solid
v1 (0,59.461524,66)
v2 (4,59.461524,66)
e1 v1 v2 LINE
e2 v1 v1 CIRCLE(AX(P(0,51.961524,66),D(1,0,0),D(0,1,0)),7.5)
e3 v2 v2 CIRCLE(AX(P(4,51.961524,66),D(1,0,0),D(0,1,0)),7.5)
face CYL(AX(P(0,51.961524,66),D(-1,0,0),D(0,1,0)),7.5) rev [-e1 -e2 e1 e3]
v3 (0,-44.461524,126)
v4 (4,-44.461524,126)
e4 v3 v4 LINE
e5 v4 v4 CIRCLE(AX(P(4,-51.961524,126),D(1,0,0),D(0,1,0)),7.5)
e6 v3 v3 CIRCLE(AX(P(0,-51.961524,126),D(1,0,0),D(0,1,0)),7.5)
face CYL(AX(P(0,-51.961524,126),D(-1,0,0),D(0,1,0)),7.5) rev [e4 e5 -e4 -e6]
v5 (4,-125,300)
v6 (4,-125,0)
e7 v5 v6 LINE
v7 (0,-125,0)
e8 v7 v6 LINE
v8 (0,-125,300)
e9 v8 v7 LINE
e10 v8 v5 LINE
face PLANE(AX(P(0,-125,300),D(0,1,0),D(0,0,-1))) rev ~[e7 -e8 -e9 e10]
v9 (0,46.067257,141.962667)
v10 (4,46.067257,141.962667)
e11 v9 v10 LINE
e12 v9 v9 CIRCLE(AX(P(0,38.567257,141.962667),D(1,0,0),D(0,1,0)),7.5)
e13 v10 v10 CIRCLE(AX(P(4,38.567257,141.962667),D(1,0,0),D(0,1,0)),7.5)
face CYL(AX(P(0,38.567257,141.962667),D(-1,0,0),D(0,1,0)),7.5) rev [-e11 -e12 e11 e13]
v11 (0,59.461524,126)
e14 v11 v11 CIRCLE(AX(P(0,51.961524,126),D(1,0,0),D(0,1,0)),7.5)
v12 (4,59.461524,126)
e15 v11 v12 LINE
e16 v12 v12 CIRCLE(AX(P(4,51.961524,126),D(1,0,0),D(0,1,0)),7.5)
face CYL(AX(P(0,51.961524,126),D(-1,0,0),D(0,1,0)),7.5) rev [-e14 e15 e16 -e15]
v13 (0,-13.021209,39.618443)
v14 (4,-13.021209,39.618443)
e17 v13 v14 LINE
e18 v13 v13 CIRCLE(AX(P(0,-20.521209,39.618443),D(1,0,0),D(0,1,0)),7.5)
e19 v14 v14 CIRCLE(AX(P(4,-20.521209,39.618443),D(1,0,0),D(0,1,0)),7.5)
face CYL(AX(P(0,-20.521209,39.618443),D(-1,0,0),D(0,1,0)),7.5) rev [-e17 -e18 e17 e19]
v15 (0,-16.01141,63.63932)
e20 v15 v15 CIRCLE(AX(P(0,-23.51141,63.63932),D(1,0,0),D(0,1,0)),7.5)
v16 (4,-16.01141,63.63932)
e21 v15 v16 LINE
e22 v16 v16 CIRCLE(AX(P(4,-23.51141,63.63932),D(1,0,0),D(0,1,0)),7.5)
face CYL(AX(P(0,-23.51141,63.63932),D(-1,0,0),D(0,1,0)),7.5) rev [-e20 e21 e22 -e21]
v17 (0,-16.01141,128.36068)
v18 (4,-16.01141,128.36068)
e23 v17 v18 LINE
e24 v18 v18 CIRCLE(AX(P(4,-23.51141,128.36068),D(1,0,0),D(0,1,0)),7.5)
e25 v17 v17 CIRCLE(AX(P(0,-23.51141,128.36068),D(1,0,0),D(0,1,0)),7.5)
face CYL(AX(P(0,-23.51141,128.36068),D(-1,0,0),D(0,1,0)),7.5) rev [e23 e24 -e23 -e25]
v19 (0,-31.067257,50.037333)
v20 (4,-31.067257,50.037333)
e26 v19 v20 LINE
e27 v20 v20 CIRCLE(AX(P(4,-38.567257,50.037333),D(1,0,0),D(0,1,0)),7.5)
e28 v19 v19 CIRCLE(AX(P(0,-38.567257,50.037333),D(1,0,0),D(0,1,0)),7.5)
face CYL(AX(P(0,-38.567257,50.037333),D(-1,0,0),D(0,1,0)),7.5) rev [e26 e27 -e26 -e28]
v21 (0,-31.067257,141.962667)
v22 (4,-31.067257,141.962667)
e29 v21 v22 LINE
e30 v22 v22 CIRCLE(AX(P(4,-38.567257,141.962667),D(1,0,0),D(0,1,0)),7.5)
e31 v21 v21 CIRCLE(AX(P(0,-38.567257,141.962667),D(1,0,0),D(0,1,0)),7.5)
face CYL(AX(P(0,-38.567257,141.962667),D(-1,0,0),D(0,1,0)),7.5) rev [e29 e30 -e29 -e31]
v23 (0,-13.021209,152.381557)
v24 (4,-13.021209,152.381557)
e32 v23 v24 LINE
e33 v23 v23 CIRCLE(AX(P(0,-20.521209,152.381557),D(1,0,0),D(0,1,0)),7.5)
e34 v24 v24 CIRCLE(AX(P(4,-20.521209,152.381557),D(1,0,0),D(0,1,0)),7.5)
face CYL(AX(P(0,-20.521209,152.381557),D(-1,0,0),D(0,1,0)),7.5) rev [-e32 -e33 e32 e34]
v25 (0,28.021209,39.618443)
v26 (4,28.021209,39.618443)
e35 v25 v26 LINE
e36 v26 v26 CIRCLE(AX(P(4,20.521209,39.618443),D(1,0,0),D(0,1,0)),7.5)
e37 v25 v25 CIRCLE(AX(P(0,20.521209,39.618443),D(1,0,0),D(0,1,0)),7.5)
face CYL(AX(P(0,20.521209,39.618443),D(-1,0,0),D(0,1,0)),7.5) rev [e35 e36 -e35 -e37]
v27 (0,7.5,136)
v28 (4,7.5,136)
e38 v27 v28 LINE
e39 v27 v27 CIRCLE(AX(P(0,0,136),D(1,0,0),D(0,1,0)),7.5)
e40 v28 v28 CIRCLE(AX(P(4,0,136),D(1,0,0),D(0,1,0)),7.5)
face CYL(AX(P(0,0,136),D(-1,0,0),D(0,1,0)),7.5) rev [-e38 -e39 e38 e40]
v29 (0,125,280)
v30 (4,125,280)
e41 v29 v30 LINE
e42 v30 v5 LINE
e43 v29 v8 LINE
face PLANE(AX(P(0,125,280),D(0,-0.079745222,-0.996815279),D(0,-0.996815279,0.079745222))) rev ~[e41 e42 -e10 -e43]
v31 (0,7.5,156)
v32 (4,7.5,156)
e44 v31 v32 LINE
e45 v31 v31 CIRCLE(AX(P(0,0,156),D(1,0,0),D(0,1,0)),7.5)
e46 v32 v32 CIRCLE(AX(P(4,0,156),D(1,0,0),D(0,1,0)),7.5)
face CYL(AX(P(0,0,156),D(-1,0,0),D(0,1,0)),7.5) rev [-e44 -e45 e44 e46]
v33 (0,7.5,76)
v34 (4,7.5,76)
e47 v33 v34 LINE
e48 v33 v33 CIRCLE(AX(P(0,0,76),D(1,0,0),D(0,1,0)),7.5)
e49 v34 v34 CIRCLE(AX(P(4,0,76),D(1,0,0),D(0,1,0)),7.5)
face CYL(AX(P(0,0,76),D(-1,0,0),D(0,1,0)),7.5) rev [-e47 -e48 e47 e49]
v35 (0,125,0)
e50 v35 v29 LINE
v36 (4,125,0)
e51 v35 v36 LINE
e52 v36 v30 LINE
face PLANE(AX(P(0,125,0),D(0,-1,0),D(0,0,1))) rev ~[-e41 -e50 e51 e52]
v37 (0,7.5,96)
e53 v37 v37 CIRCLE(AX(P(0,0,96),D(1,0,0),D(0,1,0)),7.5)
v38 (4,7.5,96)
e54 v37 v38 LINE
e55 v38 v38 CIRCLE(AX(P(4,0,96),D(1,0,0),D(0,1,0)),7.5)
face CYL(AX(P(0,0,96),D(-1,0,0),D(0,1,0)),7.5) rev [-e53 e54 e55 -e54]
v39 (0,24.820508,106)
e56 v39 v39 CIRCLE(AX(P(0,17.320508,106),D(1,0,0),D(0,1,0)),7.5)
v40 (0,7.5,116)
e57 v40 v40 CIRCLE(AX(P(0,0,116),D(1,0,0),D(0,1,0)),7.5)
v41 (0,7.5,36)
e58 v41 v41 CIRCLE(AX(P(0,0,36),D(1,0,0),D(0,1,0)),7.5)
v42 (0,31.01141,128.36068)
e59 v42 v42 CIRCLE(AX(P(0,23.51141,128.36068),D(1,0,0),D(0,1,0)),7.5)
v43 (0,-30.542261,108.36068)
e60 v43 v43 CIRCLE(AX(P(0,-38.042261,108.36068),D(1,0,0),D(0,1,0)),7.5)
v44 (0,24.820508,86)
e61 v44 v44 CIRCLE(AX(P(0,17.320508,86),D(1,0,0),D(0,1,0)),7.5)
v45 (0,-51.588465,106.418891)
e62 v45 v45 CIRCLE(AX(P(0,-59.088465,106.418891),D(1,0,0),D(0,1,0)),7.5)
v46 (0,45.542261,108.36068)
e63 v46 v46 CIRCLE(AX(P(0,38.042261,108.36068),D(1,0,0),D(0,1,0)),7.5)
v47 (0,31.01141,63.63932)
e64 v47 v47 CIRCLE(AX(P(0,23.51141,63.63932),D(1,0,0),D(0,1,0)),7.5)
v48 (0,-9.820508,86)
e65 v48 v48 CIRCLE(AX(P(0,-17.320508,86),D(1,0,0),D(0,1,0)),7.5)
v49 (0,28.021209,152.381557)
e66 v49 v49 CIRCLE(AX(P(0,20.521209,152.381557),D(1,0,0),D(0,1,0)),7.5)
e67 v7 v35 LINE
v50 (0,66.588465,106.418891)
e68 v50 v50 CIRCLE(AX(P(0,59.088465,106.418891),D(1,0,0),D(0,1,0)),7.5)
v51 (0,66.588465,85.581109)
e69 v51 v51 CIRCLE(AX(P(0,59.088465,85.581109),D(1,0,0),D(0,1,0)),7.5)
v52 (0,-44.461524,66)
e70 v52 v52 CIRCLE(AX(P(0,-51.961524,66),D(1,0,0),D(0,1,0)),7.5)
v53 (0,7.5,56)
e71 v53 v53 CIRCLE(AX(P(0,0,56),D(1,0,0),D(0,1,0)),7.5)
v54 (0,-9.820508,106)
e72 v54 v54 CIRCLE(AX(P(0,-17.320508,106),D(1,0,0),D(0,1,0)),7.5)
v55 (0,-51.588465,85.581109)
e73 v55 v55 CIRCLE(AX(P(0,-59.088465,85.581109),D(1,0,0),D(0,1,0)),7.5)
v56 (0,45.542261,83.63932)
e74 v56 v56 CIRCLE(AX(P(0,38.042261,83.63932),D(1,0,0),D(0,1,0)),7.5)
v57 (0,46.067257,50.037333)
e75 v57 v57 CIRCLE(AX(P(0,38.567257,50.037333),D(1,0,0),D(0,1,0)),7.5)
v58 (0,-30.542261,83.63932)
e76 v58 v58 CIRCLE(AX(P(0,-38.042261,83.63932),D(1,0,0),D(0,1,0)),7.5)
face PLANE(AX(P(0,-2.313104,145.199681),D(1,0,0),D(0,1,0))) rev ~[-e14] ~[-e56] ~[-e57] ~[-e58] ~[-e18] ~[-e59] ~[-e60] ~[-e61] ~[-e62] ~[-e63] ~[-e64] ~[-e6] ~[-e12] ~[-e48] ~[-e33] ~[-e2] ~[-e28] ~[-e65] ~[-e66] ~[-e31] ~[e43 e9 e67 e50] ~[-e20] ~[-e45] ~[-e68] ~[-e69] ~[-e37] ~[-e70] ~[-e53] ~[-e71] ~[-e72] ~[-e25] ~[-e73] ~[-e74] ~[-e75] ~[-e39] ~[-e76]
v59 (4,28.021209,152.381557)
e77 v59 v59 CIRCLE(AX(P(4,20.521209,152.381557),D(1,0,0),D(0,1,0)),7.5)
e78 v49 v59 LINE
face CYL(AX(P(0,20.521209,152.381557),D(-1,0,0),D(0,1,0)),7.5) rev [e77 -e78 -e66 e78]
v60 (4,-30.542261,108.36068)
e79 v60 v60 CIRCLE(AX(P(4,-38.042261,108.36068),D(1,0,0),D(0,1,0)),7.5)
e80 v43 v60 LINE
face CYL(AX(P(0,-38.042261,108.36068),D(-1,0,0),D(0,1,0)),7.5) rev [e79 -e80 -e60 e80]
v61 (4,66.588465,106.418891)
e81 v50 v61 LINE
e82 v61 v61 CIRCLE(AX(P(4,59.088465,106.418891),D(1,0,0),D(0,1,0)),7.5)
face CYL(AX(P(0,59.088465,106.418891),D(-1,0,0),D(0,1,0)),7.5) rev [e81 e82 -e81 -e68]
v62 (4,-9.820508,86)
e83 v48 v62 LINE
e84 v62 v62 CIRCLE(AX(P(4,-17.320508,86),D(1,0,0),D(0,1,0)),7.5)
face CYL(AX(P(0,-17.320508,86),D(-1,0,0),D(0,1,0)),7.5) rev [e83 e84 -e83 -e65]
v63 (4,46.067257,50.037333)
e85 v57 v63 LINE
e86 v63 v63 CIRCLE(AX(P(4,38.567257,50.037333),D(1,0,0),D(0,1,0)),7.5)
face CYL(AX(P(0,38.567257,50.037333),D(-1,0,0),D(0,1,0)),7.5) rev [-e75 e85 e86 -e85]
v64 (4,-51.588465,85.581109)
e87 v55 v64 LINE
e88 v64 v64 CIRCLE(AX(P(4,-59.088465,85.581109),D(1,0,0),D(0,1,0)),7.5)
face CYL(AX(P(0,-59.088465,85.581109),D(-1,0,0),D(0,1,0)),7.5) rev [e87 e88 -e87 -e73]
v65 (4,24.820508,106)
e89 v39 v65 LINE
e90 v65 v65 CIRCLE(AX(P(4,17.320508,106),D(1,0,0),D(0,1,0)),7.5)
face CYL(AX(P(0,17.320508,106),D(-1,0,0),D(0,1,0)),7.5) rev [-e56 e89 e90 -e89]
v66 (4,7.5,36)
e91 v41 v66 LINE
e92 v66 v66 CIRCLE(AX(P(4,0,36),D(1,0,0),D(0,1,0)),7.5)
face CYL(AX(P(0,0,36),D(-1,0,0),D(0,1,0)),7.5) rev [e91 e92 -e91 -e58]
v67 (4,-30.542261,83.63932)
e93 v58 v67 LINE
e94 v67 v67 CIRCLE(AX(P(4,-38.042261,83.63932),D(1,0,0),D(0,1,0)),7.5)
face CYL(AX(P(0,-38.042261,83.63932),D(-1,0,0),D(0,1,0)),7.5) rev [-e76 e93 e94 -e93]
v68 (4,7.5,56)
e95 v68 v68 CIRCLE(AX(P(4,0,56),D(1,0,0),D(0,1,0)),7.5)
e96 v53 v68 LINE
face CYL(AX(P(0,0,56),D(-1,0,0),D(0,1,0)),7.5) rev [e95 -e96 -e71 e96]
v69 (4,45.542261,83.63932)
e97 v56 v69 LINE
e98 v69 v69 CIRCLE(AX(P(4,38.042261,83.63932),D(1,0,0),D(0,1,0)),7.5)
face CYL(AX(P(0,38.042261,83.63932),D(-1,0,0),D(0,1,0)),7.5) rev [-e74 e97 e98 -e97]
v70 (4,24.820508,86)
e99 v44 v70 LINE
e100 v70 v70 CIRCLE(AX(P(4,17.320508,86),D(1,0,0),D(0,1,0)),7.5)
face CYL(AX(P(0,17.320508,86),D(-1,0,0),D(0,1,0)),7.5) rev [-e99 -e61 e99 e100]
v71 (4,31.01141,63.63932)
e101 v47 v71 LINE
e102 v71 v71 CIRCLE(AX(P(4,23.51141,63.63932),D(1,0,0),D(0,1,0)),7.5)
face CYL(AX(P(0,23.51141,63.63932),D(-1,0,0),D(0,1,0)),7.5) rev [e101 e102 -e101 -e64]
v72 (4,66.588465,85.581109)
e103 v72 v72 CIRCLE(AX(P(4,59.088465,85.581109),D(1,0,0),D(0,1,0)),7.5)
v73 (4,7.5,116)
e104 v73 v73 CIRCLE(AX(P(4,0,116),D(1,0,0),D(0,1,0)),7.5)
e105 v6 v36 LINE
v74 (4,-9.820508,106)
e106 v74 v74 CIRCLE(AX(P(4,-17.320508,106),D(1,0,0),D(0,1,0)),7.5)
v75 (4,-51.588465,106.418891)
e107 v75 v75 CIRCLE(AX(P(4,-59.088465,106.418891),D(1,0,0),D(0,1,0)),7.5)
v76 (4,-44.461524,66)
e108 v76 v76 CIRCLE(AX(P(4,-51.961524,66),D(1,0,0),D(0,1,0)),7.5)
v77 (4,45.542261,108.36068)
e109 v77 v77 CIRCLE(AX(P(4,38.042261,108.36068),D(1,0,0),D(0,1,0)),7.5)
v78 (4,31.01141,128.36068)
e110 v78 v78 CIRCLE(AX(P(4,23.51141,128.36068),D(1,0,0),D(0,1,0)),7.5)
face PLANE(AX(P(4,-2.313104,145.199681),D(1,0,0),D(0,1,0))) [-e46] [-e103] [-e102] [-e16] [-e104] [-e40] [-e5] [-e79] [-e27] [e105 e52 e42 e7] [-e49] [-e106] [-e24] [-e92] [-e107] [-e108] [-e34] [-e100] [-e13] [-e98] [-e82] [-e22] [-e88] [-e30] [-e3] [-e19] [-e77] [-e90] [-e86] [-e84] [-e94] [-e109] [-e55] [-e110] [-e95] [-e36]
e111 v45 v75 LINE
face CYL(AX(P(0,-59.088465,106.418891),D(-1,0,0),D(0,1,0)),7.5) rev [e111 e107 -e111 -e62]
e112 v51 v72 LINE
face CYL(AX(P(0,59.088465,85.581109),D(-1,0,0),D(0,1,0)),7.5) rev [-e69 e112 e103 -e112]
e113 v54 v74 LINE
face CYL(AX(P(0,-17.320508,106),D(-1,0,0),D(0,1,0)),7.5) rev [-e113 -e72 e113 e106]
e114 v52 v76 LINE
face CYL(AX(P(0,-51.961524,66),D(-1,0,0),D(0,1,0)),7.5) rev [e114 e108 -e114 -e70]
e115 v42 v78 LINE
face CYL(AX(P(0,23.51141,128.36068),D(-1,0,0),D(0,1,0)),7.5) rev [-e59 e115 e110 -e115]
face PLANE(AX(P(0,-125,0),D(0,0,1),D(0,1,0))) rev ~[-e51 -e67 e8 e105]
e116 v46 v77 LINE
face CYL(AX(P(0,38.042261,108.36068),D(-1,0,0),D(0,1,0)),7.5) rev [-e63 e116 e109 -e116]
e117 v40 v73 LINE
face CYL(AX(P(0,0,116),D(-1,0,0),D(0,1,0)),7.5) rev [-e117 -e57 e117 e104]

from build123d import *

# Parameters (mm, degrees)
F0_R     = 7.5
F1_DEPTH = 4


with BuildPart() as f1:
    # F0 (on Right) → F1 (new body)
    with BuildSketch(Plane.YZ):
        Polygon((-125, 300), (-125, 0), (125, 0), (125, 280), align=None)
        with Locations((-38.567257, 50.037333)):
            Circle(F0_R, mode=Mode.SUBTRACT)
        with Locations((-51.961524, 66)):
            Circle(F0_R, mode=Mode.SUBTRACT)
        with Locations((-20.521209, 39.618443)):
            Circle(F0_R, mode=Mode.SUBTRACT)
        with Locations((-23.51141, 63.63932)):
            Circle(F0_R, mode=Mode.SUBTRACT)
        with Locations((-59.088465, 85.581109)):
            Circle(F0_R, mode=Mode.SUBTRACT)
        with Locations((-38.042261, 83.63932)):
            Circle(F0_R, mode=Mode.SUBTRACT)
        with Locations((-59.088465, 106.418891)):
            Circle(F0_R, mode=Mode.SUBTRACT)
        with Locations((-38.042261, 108.36068)):
            Circle(F0_R, mode=Mode.SUBTRACT)
        with Locations((-17.320508, 86)):
            Circle(F0_R, mode=Mode.SUBTRACT)
        with Locations((-17.320508, 106)):
            Circle(F0_R, mode=Mode.SUBTRACT)
        with Locations((-51.961524, 126)):
            Circle(F0_R, mode=Mode.SUBTRACT)
        with Locations((-38.567257, 141.962667)):
            Circle(F0_R, mode=Mode.SUBTRACT)
        with Locations((-23.51141, 128.36068)):
            Circle(F0_R, mode=Mode.SUBTRACT)
        with Locations((0, 36)):
            Circle(F0_R, mode=Mode.SUBTRACT)
        with Locations((0, 56)):
            Circle(F0_R, mode=Mode.SUBTRACT)
        with Locations((20.521209, 39.618443)):
            Circle(F0_R, mode=Mode.SUBTRACT)
        with Locations((23.51141, 63.63932)):
            Circle(F0_R, mode=Mode.SUBTRACT)
        with Locations((38.567257, 50.037333)):
            Circle(F0_R, mode=Mode.SUBTRACT)
        with Locations((51.961524, 66)):
            Circle(F0_R, mode=Mode.SUBTRACT)
        with Locations((0, 76)):
            Circle(F0_R, mode=Mode.SUBTRACT)
        with Locations((17.320508, 86)):
            Circle(F0_R, mode=Mode.SUBTRACT)
        with Locations((0, 96)):
            Circle(F0_R, mode=Mode.SUBTRACT)
        with Locations((17.320508, 106)):
            Circle(F0_R, mode=Mode.SUBTRACT)
        with Locations((38.042261, 83.63932)):
            Circle(F0_R, mode=Mode.SUBTRACT)
        with Locations((59.088465, 85.581109)):
            Circle(F0_R, mode=Mode.SUBTRACT)
        with Locations((38.042261, 108.36068)):
            Circle(F0_R, mode=Mode.SUBTRACT)
        with Locations((59.088465, 106.418891)):
            Circle(F0_R, mode=Mode.SUBTRACT)
        with Locations((0, 116)):
            Circle(F0_R, mode=Mode.SUBTRACT)
        with Locations((23.51141, 128.36068)):
            Circle(F0_R, mode=Mode.SUBTRACT)
        with Locations((0, 136)):
            Circle(F0_R, mode=Mode.SUBTRACT)
        with Locations((51.961524, 126)):
            Circle(F0_R, mode=Mode.SUBTRACT)
        with Locations((38.567257, 141.962667)):
            Circle(F0_R, mode=Mode.SUBTRACT)
        with Locations((-20.521209, 152.381557)):
            Circle(F0_R, mode=Mode.SUBTRACT)
        with Locations((0, 156)):
            Circle(F0_R, mode=Mode.SUBTRACT)
        with Locations((20.521209, 152.381557)):
            Circle(F0_R, mode=Mode.SUBTRACT)
    extrude(amount=F1_DEPTH)


solid = f1.part
